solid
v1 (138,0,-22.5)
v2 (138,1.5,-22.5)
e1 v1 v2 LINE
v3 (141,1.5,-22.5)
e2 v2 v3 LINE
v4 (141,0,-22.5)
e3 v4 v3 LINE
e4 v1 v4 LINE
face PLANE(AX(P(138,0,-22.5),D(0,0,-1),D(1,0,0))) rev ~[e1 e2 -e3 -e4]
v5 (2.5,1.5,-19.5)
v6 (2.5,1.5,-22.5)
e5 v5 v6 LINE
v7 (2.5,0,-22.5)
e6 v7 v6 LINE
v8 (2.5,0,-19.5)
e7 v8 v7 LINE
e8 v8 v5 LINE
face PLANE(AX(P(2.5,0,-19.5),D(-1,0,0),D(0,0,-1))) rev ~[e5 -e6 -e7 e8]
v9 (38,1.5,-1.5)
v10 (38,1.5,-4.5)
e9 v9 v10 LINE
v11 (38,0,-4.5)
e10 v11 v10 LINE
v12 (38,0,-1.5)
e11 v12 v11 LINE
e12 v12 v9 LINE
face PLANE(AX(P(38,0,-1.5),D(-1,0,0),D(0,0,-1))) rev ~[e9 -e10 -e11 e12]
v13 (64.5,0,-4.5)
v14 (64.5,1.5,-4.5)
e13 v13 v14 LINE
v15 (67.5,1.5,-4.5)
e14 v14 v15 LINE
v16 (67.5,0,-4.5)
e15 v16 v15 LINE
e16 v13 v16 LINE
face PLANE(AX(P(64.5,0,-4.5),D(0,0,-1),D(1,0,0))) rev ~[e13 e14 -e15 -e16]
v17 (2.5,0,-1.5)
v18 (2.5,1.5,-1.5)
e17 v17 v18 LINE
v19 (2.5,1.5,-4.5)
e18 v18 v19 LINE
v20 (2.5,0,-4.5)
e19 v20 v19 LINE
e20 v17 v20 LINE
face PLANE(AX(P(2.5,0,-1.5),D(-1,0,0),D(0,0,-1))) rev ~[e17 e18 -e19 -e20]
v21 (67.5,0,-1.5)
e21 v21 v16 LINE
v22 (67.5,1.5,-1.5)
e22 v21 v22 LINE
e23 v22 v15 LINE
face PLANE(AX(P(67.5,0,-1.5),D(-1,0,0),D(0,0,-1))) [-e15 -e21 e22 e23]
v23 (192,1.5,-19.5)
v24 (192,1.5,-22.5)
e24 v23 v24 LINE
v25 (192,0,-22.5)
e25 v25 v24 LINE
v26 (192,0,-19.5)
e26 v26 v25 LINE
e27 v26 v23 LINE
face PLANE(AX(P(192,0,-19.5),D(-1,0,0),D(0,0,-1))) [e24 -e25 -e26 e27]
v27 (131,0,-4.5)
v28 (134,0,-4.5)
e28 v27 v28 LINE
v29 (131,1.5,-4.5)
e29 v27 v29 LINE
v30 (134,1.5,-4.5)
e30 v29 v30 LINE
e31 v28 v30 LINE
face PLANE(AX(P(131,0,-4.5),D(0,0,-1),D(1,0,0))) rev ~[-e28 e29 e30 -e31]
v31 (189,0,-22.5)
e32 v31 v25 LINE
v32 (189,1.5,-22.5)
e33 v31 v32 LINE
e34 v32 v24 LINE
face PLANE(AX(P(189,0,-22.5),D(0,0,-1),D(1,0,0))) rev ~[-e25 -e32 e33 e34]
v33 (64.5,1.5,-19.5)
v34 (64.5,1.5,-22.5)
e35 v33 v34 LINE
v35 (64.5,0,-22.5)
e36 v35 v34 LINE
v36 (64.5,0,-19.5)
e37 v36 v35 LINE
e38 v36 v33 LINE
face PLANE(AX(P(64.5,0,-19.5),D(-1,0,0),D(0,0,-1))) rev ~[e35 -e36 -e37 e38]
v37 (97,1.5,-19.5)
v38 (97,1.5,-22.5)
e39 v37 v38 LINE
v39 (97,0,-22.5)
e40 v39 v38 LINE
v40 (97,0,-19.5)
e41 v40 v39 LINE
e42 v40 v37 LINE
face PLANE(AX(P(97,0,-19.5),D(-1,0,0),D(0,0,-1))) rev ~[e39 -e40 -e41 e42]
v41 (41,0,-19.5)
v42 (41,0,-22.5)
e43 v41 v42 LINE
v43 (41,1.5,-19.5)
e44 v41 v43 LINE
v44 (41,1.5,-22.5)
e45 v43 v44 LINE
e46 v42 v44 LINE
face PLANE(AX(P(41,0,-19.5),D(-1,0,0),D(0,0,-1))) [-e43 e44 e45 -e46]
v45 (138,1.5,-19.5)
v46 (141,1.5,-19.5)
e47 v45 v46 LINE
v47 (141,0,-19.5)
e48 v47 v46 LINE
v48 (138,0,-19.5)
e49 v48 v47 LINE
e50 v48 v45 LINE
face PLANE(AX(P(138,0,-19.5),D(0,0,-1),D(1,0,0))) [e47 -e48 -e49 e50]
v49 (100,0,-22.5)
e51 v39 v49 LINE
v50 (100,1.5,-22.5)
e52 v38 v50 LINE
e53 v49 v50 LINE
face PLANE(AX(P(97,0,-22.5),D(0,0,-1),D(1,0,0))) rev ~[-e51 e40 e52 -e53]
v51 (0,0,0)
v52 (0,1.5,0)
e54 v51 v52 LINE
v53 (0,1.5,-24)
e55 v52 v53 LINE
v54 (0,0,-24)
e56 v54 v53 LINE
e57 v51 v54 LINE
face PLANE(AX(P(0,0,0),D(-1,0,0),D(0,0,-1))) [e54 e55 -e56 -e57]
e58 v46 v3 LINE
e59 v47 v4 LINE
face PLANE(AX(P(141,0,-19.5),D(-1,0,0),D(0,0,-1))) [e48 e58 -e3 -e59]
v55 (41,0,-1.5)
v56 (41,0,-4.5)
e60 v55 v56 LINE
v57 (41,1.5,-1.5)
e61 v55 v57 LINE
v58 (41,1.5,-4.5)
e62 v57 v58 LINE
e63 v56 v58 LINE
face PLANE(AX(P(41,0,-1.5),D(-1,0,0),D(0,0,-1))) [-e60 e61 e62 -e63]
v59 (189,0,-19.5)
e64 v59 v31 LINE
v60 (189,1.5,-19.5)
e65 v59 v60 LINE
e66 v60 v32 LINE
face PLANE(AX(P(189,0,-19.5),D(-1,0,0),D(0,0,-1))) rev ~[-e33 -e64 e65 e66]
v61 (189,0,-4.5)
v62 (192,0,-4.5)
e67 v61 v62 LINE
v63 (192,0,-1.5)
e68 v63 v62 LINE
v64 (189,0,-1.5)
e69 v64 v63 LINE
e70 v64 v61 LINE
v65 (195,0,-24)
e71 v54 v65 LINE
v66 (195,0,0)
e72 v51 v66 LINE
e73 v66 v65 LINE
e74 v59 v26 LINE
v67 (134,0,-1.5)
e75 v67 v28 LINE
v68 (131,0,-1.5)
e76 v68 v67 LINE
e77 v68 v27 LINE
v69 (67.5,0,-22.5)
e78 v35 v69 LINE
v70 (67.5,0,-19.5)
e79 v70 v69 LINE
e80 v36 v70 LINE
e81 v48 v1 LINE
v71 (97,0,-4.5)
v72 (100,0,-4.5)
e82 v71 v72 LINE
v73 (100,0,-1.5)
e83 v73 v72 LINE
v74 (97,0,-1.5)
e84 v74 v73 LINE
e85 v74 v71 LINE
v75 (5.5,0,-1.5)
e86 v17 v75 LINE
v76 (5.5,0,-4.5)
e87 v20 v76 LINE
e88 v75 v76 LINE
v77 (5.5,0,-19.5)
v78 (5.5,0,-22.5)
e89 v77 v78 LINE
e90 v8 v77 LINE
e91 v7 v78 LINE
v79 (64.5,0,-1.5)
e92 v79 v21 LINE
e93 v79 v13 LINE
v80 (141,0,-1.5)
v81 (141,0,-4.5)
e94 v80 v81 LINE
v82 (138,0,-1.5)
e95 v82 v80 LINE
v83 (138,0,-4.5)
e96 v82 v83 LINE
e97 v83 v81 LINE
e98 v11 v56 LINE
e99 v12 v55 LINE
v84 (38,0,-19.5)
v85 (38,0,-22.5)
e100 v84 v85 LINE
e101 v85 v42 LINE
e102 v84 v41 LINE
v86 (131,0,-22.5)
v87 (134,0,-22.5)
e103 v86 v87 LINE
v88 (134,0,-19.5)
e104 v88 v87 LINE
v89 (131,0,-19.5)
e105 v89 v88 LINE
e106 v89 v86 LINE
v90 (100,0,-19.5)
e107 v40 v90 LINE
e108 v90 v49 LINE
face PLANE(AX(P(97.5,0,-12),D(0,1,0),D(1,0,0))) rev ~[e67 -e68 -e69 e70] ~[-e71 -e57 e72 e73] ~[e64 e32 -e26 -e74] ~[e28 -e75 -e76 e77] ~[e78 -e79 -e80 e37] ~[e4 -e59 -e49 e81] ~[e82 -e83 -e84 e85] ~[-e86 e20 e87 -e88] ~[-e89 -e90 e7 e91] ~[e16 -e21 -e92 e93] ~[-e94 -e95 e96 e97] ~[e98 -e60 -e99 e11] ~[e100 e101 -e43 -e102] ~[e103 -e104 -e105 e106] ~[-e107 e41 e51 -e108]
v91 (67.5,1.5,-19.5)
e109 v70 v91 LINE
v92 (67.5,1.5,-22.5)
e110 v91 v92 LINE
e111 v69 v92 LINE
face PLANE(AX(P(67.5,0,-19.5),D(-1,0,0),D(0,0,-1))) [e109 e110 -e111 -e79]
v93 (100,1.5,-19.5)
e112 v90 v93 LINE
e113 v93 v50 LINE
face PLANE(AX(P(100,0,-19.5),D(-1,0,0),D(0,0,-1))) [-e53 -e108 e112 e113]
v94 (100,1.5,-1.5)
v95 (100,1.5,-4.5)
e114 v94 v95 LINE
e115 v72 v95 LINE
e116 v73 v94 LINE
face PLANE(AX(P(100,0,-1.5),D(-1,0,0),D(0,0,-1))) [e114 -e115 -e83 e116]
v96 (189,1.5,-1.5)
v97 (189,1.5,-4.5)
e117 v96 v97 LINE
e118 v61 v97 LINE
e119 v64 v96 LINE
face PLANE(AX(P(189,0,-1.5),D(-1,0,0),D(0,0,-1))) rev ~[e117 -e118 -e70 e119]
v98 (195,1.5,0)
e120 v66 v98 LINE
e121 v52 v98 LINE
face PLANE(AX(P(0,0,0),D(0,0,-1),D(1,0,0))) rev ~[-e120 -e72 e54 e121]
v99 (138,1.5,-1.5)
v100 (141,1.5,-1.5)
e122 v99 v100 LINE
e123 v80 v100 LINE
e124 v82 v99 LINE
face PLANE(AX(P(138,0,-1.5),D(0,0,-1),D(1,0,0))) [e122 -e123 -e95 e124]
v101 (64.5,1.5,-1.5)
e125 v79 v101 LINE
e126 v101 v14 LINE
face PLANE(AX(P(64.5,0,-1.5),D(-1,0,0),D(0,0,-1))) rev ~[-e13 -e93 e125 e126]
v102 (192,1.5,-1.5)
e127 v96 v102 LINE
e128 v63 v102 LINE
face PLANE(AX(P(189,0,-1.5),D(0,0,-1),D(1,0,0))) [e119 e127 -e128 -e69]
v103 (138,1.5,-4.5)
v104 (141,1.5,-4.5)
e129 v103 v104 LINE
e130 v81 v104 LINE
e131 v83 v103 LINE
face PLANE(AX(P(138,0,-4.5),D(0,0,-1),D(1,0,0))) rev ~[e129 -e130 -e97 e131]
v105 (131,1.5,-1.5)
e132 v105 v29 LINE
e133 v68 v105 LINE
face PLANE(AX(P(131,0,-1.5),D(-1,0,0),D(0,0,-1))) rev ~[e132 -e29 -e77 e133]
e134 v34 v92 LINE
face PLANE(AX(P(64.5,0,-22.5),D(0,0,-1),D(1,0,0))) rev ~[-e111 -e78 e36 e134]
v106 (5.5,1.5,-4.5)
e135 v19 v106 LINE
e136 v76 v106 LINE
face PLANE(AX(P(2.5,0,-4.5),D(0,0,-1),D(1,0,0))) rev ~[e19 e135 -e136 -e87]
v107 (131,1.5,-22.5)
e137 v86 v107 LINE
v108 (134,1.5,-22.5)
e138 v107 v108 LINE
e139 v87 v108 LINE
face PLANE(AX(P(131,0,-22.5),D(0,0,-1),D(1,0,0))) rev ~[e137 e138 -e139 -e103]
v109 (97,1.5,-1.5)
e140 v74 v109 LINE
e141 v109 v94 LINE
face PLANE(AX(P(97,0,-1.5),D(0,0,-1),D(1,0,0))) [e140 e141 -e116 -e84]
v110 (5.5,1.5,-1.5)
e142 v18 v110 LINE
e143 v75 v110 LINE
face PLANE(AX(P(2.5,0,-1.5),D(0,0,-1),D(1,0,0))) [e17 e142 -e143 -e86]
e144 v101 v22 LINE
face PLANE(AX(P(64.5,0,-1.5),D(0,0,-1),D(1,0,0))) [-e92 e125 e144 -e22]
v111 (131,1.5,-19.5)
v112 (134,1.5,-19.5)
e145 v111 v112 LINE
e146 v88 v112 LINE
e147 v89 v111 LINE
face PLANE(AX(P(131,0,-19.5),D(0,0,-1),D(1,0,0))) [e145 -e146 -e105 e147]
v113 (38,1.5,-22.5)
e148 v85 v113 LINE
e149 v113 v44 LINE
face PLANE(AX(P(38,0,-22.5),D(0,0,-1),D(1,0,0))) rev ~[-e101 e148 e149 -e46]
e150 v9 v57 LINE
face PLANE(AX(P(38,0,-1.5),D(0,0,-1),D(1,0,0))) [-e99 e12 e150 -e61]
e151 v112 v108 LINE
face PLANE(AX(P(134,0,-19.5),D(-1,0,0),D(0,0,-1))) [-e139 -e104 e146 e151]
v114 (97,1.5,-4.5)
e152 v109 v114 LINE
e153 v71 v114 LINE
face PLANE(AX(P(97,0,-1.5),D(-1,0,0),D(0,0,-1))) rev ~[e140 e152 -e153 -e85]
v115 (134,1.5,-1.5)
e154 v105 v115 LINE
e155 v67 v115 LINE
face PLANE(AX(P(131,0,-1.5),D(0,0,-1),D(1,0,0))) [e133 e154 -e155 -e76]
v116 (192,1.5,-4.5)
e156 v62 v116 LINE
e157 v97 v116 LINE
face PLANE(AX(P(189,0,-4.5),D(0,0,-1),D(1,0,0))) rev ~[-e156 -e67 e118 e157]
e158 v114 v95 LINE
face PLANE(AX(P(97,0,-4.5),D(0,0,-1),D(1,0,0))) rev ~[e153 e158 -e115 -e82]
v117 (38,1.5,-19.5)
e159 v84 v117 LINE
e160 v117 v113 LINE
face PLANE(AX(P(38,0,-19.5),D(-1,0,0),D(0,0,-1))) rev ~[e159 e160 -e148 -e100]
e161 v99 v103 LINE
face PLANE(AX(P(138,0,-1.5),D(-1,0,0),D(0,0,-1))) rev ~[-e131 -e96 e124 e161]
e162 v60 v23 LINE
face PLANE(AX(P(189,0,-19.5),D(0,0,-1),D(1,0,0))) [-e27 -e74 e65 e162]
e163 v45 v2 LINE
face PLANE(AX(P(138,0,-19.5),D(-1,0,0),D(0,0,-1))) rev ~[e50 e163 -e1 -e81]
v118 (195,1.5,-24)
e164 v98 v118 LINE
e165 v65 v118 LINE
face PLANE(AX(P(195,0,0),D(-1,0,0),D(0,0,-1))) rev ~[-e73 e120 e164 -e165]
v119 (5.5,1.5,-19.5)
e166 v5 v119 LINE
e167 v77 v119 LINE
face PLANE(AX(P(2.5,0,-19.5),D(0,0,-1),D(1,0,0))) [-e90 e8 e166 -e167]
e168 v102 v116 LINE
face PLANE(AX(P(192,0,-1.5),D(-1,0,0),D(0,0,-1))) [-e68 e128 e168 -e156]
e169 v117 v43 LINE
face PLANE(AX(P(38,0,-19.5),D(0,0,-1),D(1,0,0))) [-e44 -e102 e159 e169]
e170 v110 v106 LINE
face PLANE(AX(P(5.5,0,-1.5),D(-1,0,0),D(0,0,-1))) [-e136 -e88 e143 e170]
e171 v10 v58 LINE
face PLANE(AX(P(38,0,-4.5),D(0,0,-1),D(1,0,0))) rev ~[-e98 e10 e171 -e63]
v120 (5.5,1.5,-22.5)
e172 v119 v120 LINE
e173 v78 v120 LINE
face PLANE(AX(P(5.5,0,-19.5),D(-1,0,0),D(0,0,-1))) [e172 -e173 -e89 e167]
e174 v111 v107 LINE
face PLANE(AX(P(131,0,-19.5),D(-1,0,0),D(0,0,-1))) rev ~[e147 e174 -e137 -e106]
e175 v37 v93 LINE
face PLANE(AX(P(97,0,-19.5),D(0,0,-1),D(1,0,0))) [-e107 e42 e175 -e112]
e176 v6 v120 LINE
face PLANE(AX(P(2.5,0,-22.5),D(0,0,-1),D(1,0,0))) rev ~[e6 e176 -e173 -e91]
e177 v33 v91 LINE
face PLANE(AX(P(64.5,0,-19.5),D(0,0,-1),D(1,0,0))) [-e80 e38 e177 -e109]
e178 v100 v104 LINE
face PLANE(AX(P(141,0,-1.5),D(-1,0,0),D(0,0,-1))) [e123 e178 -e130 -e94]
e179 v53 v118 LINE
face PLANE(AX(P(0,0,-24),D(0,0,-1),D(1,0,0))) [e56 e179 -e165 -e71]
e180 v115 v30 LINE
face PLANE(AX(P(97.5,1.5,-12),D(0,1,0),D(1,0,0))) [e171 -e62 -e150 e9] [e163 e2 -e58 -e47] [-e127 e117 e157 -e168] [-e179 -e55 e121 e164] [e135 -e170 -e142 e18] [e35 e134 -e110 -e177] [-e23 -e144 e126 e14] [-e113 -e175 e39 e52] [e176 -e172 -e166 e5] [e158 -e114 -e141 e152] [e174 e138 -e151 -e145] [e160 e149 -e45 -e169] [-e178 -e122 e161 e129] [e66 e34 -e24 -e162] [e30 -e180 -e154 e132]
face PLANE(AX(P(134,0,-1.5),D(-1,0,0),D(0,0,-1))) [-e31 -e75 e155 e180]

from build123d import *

# Parameters (mm, degrees)
SKETCH1_W           = 195
SKETCH1_H           = 24
SKETCH1_W_2         = 3
SKETCH1_H_2         = 3
BOSS_EXTRUDE1_DEPTH = 1.5


with BuildPart() as part:
    # Sketch1 → Boss-Extrude1 (new body)
    with BuildSketch(Plane(origin=(0, 0, 0), x_dir=(1, 0, 0), z_dir=(0, 1, 0))):
        with Locations((97.5, 12)):
            Rectangle(SKETCH1_W, SKETCH1_H)
        with Locations((66, 3)):
            Rectangle(SKETCH1_W_2, SKETCH1_H_2, mode=Mode.SUBTRACT)
        with Locations((4, 21)):
            Rectangle(SKETCH1_W_2, SKETCH1_H_2, mode=Mode.SUBTRACT)
        with Locations((39.5, 3)):
            Rectangle(SKETCH1_W_2, SKETCH1_H_2, mode=Mode.SUBTRACT)
        with Locations((98.5, 3)):
            Rectangle(SKETCH1_W_2, SKETCH1_H_2, mode=Mode.SUBTRACT)
        with Locations((139.5, 3)):
            Rectangle(SKETCH1_W_2, SKETCH1_H_2, mode=Mode.SUBTRACT)
        with Locations((139.5, 21)):
            Rectangle(SKETCH1_W_2, SKETCH1_H_2, mode=Mode.SUBTRACT)
        with Locations((132.5, 3)):
            Rectangle(SKETCH1_W_2, SKETCH1_H_2, mode=Mode.SUBTRACT)
        with Locations((132.5, 21)):
            Rectangle(SKETCH1_W_2, SKETCH1_H_2, mode=Mode.SUBTRACT)
        with Locations((66, 21)):
            Rectangle(SKETCH1_W_2, SKETCH1_H_2, mode=Mode.SUBTRACT)
        with Locations((98.5, 21)):
            Rectangle(SKETCH1_W_2, SKETCH1_H_2, mode=Mode.SUBTRACT)
        with Locations((39.5, 21)):
            Rectangle(SKETCH1_W_2, SKETCH1_H_2, mode=Mode.SUBTRACT)
        with Locations((4, 3)):
            Rectangle(SKETCH1_W_2, SKETCH1_H_2, mode=Mode.SUBTRACT)
        with Locations((190.5, 21)):
            Rectangle(SKETCH1_W_2, SKETCH1_H_2, mode=Mode.SUBTRACT)
        with Locations((190.5, 3)):
            Rectangle(SKETCH1_W_2, SKETCH1_H_2, mode=Mode.SUBTRACT)
    extrude(amount=BOSS_EXTRUDE1_DEPTH)


solid = part.part
